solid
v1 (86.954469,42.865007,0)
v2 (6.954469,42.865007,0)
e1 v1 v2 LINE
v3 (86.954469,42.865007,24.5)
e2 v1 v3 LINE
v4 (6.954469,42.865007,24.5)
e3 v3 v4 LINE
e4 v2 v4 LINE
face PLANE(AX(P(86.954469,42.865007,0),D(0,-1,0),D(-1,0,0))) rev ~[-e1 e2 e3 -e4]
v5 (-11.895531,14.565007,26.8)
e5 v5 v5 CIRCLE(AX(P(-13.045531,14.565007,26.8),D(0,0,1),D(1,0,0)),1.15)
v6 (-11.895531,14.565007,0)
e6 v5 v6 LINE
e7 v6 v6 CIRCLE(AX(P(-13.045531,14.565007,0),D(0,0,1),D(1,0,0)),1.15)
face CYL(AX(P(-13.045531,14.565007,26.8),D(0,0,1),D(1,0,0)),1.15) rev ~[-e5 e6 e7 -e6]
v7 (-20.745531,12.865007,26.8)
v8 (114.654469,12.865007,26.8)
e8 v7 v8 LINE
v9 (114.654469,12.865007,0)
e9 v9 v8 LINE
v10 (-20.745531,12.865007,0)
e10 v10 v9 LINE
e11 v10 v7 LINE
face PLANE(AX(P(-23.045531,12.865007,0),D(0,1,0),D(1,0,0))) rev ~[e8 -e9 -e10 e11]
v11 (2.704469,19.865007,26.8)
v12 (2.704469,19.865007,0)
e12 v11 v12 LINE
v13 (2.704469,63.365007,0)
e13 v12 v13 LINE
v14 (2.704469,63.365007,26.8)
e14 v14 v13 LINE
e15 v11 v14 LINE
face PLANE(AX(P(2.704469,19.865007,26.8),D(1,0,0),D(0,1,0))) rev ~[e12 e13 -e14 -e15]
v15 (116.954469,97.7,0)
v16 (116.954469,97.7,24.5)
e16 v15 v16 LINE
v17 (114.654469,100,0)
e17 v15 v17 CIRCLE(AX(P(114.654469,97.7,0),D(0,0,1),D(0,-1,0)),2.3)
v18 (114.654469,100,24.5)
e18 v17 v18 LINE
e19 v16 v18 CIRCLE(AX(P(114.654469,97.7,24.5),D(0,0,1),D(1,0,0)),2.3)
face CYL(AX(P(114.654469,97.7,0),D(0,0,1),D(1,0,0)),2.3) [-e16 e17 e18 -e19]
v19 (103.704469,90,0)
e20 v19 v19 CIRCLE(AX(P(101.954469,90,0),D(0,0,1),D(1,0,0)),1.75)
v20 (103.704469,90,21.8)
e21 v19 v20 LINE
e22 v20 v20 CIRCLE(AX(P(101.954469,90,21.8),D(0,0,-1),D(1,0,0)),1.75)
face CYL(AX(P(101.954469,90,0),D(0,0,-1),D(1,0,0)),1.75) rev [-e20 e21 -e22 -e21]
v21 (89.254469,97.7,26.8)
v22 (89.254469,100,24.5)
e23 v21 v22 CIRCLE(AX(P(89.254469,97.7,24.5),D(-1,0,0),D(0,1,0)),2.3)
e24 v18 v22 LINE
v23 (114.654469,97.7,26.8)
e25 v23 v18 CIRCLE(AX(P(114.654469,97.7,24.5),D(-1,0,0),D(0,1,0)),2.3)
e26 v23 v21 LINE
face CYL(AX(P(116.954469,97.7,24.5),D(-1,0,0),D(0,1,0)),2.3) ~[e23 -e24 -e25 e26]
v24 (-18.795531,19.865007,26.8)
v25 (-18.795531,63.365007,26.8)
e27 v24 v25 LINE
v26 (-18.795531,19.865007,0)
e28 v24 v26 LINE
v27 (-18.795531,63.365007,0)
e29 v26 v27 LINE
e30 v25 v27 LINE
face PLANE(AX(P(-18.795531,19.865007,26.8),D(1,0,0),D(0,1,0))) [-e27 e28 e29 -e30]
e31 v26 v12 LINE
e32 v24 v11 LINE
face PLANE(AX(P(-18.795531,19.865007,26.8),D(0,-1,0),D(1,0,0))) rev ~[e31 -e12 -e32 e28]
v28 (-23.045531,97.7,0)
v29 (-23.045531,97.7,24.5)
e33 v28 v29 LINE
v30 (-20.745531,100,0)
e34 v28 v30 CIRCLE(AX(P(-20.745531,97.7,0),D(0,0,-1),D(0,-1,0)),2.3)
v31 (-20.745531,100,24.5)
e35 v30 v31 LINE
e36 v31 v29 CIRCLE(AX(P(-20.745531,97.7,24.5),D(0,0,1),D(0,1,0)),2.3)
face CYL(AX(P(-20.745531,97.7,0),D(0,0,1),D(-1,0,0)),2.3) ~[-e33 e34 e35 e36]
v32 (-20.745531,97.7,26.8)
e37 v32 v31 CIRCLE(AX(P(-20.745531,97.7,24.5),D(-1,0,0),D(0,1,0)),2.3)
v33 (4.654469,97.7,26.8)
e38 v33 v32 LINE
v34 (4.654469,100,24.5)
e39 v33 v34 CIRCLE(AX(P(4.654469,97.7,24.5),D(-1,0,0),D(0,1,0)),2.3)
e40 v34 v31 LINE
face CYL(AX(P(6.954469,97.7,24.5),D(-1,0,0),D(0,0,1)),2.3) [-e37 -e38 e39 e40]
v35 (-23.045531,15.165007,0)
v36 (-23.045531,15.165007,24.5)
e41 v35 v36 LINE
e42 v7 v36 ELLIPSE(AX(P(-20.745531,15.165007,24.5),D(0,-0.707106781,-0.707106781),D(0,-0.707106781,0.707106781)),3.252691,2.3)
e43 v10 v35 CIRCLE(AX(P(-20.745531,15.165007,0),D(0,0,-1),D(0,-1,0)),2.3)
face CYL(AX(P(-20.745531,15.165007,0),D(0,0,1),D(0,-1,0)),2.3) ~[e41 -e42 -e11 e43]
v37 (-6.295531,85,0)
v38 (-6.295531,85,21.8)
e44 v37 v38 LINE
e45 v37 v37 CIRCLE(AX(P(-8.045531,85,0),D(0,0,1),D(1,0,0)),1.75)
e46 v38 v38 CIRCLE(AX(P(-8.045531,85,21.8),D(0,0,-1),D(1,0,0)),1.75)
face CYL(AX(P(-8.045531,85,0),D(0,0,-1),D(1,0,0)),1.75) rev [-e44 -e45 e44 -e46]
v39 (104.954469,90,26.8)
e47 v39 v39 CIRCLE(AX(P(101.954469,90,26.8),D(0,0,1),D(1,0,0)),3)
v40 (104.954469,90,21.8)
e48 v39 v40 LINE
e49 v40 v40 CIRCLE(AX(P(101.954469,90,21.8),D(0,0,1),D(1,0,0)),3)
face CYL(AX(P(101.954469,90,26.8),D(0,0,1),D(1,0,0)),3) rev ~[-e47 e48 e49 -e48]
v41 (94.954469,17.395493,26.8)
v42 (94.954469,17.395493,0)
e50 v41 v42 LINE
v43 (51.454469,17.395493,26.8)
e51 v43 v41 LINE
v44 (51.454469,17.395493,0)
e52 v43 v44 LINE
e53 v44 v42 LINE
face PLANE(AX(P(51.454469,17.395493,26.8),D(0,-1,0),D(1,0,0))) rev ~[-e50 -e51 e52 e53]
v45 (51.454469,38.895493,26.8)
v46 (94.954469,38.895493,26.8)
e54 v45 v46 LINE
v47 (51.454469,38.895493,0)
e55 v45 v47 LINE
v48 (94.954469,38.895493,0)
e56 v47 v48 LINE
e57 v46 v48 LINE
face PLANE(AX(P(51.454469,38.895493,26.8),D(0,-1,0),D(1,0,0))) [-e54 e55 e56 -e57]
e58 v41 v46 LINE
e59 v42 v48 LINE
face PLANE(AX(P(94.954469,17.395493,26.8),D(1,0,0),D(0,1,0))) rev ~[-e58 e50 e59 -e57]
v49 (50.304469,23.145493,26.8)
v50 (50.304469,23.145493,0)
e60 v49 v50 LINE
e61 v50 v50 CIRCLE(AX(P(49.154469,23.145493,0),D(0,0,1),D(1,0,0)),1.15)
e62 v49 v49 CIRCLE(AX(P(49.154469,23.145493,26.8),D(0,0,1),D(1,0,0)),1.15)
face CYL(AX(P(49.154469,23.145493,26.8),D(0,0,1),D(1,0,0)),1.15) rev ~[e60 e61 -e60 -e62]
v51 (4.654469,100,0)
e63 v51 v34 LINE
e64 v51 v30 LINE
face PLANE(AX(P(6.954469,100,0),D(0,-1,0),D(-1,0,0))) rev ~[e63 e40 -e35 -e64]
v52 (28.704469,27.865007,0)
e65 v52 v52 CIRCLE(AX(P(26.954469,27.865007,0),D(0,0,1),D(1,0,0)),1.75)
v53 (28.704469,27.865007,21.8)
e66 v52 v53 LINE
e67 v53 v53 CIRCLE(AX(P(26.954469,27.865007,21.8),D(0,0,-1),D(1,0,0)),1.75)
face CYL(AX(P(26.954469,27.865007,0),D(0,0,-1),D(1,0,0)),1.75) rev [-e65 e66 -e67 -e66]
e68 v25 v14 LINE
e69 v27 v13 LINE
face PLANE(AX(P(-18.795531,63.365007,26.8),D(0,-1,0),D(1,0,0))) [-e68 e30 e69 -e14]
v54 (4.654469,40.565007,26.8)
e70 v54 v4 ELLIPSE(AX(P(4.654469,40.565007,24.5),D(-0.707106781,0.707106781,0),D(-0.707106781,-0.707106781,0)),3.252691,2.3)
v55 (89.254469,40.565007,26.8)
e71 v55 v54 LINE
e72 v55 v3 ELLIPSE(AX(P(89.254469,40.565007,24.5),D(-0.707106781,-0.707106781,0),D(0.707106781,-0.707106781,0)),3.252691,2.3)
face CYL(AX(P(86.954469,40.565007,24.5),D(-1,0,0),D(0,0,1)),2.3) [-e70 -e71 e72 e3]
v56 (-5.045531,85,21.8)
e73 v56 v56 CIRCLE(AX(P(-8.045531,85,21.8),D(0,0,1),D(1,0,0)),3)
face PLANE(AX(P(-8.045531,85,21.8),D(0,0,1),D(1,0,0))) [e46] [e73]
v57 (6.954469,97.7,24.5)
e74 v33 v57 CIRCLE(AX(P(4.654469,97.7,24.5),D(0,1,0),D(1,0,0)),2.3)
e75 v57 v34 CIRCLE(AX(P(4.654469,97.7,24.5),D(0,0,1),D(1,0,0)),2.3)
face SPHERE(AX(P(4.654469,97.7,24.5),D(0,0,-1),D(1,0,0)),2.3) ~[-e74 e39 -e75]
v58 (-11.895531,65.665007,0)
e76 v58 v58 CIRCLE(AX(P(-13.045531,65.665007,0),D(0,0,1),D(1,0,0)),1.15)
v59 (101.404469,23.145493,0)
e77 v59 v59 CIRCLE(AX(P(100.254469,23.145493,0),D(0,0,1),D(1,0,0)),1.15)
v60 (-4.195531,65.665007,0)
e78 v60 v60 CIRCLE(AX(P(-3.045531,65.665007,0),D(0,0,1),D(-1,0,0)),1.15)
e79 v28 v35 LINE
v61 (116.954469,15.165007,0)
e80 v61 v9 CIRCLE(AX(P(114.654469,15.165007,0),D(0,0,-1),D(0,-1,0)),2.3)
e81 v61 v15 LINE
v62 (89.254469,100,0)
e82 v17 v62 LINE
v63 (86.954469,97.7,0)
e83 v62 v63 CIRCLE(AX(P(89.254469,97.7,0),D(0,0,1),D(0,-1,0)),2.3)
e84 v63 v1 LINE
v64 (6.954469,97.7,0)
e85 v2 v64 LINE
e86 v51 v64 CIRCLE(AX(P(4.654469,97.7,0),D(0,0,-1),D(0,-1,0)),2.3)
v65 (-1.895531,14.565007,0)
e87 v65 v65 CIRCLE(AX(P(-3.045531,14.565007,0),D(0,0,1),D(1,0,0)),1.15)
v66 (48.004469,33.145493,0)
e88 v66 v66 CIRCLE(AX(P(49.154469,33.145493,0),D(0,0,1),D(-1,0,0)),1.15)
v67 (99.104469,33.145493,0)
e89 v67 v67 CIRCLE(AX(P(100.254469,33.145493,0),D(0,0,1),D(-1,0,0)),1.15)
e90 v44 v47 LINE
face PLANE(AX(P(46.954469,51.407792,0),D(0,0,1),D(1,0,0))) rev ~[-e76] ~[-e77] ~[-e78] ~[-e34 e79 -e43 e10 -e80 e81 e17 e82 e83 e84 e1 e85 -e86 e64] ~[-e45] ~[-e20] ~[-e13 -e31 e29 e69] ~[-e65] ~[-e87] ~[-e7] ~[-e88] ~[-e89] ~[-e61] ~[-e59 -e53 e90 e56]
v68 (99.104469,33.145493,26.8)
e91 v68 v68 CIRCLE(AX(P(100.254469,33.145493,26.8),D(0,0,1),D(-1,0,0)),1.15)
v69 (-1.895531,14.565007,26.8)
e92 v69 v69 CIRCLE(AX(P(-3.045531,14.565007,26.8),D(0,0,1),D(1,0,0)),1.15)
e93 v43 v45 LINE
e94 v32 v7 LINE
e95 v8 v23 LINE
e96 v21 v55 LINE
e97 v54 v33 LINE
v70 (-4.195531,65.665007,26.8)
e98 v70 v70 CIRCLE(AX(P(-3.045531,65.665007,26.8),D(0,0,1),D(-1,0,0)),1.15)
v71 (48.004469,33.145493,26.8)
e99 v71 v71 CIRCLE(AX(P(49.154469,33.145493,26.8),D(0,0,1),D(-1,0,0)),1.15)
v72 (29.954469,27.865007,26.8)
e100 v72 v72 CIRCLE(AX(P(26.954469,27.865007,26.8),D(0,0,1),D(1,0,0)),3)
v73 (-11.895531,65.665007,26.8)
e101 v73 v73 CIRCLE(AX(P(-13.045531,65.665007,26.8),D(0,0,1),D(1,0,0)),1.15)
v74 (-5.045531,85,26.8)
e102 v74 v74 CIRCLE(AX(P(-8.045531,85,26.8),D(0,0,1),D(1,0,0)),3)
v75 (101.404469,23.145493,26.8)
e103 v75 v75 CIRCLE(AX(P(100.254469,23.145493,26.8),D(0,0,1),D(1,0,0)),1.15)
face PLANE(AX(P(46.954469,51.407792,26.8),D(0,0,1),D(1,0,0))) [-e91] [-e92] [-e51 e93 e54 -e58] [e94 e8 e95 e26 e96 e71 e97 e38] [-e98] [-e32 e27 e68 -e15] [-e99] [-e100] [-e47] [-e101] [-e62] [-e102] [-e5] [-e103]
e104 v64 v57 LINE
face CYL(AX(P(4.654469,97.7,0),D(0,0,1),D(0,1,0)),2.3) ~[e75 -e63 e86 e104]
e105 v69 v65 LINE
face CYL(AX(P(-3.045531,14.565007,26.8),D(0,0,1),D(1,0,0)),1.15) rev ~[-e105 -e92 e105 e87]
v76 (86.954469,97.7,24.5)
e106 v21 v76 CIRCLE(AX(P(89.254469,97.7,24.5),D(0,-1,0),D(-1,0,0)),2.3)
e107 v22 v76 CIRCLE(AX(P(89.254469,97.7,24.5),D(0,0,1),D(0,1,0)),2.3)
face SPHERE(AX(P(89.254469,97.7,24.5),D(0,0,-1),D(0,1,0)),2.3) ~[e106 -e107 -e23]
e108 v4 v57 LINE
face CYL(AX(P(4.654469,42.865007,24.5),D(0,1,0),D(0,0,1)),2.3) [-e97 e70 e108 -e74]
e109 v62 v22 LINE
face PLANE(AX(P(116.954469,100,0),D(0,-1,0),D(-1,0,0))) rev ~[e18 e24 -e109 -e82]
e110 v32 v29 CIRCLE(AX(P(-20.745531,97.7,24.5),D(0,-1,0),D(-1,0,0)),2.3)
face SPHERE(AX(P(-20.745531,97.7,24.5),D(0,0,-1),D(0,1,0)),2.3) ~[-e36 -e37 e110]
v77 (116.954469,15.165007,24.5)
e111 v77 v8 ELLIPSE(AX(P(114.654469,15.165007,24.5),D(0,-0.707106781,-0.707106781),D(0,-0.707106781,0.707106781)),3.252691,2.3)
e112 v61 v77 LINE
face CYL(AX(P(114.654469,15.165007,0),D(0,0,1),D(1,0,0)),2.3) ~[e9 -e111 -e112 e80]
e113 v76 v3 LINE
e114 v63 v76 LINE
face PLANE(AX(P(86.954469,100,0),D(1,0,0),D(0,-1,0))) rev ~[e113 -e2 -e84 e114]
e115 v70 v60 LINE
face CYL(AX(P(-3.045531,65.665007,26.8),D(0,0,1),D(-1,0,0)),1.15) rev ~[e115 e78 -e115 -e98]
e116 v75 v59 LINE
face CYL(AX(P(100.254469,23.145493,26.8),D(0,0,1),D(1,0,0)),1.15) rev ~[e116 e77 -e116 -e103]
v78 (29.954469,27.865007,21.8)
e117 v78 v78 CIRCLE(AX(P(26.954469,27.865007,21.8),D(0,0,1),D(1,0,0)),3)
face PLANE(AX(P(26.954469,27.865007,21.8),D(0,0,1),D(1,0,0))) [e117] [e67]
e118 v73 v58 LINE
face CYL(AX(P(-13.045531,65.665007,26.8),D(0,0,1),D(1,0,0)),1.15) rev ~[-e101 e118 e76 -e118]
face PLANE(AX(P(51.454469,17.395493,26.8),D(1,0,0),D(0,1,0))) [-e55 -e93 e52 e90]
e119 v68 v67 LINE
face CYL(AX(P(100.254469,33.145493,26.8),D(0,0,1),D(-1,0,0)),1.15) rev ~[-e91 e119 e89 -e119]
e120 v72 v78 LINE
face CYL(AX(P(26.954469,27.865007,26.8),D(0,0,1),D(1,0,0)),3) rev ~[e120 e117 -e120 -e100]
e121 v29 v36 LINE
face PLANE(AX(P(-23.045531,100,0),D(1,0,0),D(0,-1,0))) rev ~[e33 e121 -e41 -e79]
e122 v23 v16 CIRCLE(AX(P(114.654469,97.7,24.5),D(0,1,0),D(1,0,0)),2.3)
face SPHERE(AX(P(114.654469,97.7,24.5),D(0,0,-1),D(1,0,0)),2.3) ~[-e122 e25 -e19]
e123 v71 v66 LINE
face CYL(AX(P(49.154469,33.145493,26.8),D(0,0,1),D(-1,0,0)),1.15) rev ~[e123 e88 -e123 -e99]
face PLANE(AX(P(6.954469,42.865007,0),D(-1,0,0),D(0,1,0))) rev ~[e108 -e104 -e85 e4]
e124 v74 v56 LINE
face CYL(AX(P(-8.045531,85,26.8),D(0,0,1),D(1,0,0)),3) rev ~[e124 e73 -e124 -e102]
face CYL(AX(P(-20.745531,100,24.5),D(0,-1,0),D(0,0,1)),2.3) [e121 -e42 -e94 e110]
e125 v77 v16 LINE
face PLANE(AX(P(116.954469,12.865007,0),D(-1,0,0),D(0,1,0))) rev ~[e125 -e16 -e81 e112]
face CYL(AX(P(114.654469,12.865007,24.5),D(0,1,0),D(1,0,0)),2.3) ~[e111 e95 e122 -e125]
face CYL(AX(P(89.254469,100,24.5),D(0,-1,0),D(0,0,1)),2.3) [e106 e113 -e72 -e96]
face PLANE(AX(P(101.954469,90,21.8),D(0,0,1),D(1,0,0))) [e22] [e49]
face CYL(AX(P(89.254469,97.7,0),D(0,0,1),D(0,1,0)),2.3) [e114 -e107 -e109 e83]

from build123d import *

# Parameters (mm, degrees)
BOSS_EXTRUDE1_DEPTH = 26.8
SKETCH2_W           = 21.5
SKETCH2_H           = 43.5
SKETCH2_W_2         = 43.5
SKETCH2_H_2         = 21.5
CUT_EXTRUDE1_DEPTH  = 157.194070808
SKETCH3_R           = 1.15
BOSS_EXTRUDE2_DEPTH = 26.8
SKETCH3_2_R         = 1.15
CUT_EXTRUDE2_DEPTH  = 157.194070808
SKETCH4_R           = 1.15
CUT_EXTRUDE3_DEPTH  = 157.194070808
FILLET1_R           = 2.3
SKETCH6_R           = 1.75
CUT_EXTRUDE4_DEPTH  = 157.194070808
SKETCH7_R           = 3
CUT_EXTRUDE5_DEPTH  = 5


with BuildPart() as part:
    # Sketch1 → Boss-Extrude1 (new body)
    with BuildSketch(Plane.XY):
        Polygon((86.954468728, 12.865007186), (116.954468728, 12.865007186), (116.954468728, 100), (86.954468728, 100), (86.954468728, 42.865007186), (6.954468728, 42.865007186), (6.954468728, 100), (-23.045531272, 100), (-23.045531272, 12.865007186), (6.954468728, 12.865007186), align=None)
    extrude(amount=BOSS_EXTRUDE1_DEPTH)

    # Sketch2 → Cut-Extrude1 (cut, through all)
    with BuildSketch(Plane.XY.offset(26.8)):
        with Locations((-8.045531272, 41.615007186)):
            Rectangle(SKETCH2_W, SKETCH2_H)
        with Locations((73.204468728, 28.145492547)):
            Rectangle(SKETCH2_W_2, SKETCH2_H_2)
    extrude(amount=-CUT_EXTRUDE1_DEPTH, mode=Mode.SUBTRACT)

    # Sketch3 → Boss-Extrude2 (add, through all)
    with BuildSketch(Plane.XY.offset(26.8)):
        with Locations((-13.045531272, 14.565007186)):
            Circle(SKETCH3_R)
        with Locations((-3.045531272, 14.565007186)):
            Circle(SKETCH3_R)
        with Locations((-13.045531272, 65.665007186)):
            Circle(SKETCH3_R)
        with Locations((-3.045531272, 65.665007186)):
            Circle(SKETCH3_R)
    extrude(amount=-BOSS_EXTRUDE2_DEPTH)

    # Sketch3<2> → Cut-Extrude2 (cut, through all)
    with BuildSketch(Plane.XY.offset(26.8)):
        with Locations((-13.045531272, 14.565007186)):
            Circle(SKETCH3_2_R)
        with Locations((-3.045531272, 14.565007186)):
            Circle(SKETCH3_2_R)
        with Locations((-13.045531272, 65.665007186)):
            Circle(SKETCH3_2_R)
        with Locations(Location((-3.045531272, 65.665007186, 0), (0, 0, 180))):
            Circle(SKETCH3_2_R)
    extrude(amount=-CUT_EXTRUDE2_DEPTH, mode=Mode.SUBTRACT)

    # Sketch4 → Cut-Extrude3 (cut, through all)
    with BuildSketch(Plane.XY.offset(26.8)):
        with Locations((100.254468728, 23.145492547)):
            Circle(SKETCH4_R)
        with Locations(Location((100.254468728, 33.145492547, 0), (0, 0, 180))):
            Circle(SKETCH4_R)
        with Locations((49.154468728, 23.145492547)):
            Circle(SKETCH4_R)
        with Locations(Location((49.154468728, 33.145492547, 0), (0, 0, 180))):
            Circle(SKETCH4_R)
    extrude(amount=-CUT_EXTRUDE3_DEPTH, mode=Mode.SUBTRACT)

    # Fillet1
    fillet1_edges = [part.edges().sort_by_distance(p)[0] for p in [
        (6.954468728, 100, 13.4),
        (86.954468728, 100, 13.4),
        (116.954468728, 100, 13.4),
        (116.954468728, 12.865007186, 13.4),
        (-23.045531272, 12.865007186, 13.4),
        (-23.045531272, 100, 13.4),
        (116.954468728, 56.432503593, 26.8),
        (101.954468728, 100, 26.8),
        (86.954468728, 71.432503593, 26.8),
        (46.954468728, 42.865007186, 26.8),
        (6.954468728, 71.432503593, 26.8),
        (-8.045531272, 100, 26.8),
        (-23.045531272, 56.432503593, 26.8),
    ]]
    fillet(fillet1_edges, radius=FILLET1_R)

    # Sketch6 → Cut-Extrude4 (cut, through all)
    with BuildSketch(Plane.XY):
        with Locations((101.954468728, 90)):
            Circle(SKETCH6_R)
        with Locations((-8.045531272, 85)):
            Circle(SKETCH6_R)
        with Locations((26.954468728, 27.865007186)):
            Circle(SKETCH6_R)
    extrude(amount=CUT_EXTRUDE4_DEPTH, mode=Mode.SUBTRACT)

    # Sketch7 → Cut-Extrude5 (cut)
    with BuildSketch(Plane.XY.offset(26.8)):
        with Locations((-8.045531272, 85)):
            Circle(SKETCH7_R)
        with Locations((26.954468728, 27.865007186)):
            Circle(SKETCH7_R)
        with Locations((101.954468728, 90)):
            Circle(SKETCH7_R)
    extrude(amount=-CUT_EXTRUDE5_DEPTH, mode=Mode.SUBTRACT)


solid = part.part
